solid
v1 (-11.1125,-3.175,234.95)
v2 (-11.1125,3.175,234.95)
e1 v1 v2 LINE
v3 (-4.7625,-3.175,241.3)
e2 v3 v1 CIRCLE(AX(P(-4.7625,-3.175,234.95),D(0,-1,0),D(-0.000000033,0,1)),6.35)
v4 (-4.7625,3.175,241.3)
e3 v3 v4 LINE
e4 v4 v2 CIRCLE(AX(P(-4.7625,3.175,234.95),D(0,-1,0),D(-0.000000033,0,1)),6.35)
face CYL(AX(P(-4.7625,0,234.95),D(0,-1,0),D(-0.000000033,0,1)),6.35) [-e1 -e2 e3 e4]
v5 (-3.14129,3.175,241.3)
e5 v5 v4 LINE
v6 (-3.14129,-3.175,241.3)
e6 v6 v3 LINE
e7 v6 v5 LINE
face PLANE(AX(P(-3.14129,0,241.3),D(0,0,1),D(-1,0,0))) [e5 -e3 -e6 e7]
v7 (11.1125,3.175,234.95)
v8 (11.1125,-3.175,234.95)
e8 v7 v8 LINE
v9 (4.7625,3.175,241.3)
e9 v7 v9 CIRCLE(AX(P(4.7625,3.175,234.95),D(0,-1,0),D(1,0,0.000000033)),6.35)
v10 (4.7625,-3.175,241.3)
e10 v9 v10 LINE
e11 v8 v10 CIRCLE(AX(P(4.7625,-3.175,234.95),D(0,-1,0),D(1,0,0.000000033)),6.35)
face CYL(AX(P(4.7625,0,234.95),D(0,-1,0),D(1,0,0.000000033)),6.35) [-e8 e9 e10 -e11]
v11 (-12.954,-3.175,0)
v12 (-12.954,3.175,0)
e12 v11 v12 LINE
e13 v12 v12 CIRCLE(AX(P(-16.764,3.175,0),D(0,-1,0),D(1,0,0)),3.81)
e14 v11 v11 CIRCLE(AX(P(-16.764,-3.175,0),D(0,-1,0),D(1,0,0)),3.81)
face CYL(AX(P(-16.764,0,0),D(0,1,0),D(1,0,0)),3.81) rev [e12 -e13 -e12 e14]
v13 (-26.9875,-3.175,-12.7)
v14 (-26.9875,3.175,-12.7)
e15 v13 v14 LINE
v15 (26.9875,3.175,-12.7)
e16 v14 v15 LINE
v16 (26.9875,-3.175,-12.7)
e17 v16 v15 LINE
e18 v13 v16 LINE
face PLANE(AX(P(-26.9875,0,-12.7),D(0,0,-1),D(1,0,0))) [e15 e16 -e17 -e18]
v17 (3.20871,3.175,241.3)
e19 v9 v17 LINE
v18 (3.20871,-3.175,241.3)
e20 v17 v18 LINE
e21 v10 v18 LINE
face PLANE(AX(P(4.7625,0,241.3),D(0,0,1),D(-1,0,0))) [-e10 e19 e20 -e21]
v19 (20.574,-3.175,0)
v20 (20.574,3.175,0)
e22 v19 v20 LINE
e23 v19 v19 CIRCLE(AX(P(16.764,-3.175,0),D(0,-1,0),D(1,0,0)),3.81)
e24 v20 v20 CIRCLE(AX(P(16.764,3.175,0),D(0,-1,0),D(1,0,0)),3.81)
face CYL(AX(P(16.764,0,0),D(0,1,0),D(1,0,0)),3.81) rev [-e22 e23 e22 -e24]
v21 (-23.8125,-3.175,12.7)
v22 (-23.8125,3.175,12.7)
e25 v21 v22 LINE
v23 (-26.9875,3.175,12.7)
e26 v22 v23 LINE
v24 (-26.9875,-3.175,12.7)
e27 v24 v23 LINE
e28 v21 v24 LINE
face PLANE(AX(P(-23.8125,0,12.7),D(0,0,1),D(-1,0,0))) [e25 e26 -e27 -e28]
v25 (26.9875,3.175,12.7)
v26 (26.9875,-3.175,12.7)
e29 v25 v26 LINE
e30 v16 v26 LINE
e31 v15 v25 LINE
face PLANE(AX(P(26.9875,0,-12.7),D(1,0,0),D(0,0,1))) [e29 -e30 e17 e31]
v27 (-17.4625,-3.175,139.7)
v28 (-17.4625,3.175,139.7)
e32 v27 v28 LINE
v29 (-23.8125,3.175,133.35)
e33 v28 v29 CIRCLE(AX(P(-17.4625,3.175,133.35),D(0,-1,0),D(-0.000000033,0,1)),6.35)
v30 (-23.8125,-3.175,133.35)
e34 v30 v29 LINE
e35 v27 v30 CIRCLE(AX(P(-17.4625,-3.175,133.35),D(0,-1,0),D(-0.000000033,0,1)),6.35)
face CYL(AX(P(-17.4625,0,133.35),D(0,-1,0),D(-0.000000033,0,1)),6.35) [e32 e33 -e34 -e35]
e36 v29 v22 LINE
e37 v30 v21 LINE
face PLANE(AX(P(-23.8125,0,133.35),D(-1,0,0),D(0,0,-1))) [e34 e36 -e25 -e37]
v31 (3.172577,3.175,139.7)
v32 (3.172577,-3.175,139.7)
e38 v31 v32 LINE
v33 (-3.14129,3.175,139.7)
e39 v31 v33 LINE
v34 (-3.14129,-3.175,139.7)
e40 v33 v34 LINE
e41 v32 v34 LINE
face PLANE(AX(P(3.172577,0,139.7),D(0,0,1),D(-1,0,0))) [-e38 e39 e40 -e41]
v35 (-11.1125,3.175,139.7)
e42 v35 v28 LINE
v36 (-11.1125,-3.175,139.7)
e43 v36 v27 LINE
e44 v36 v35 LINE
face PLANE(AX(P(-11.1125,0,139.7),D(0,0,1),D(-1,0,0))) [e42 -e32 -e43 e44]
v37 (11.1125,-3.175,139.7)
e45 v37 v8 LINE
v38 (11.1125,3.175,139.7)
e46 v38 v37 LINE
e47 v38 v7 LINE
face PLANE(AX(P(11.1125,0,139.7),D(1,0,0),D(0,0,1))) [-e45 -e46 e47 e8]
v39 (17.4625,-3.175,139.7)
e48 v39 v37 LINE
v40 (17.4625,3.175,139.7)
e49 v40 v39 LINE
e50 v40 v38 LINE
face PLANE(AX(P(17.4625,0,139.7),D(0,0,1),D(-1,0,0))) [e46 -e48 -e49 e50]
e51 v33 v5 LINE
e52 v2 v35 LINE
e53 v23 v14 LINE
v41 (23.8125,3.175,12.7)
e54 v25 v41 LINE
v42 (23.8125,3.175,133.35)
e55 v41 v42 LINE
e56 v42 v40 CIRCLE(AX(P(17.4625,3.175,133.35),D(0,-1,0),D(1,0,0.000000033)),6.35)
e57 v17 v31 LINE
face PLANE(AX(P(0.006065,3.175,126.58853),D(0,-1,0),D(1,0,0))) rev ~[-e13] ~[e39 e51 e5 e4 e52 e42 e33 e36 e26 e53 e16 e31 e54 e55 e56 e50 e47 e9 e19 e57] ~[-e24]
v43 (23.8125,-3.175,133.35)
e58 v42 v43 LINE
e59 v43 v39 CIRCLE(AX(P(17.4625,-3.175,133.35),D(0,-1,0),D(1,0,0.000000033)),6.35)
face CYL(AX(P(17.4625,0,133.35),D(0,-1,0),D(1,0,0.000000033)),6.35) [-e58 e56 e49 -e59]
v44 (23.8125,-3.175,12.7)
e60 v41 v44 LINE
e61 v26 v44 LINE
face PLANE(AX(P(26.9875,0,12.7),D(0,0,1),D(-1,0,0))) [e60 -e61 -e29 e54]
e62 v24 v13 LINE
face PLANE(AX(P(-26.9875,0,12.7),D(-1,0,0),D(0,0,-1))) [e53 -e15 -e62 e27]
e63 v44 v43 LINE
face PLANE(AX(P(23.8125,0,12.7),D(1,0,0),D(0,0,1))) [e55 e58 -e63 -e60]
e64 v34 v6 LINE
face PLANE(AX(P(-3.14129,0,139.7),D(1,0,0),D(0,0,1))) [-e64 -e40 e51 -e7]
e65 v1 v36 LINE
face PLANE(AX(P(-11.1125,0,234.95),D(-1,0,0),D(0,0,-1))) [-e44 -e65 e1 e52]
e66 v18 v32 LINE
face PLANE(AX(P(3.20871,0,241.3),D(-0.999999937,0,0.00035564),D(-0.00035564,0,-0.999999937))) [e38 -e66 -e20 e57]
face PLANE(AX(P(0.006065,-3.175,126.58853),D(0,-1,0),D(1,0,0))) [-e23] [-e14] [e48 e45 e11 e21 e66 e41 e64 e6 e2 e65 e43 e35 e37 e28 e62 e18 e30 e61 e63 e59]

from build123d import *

# Parameters (mm, degrees)
F0_R     = 3.81
F1_DEPTH = 3.175


with BuildPart() as f1:
    # F0 (on Front) → F1 (new body, symmetric)
    with BuildSketch(Plane.XZ):
        with BuildLine():
            Line((26.9875, -12.7), (26.9875, 12.7))
            Line((26.9875, 12.7), (23.8125, 12.7))
            Line((23.8125, 12.7), (23.8125, 133.35))
            ThreePointArc((23.8125, 133.35), (21.952628, 137.840128), (17.4625, 139.7))
            Line((17.4625, 139.7), (11.1125, 139.7))
            Line((11.1125, 139.7), (11.1125, 234.95))
            ThreePointArc((11.1125, 234.95), (9.252628, 239.440128), (4.7625, 241.3))
            Line((4.7625, 241.3), (3.20871, 241.3))
            Line((3.20871, 241.3), (3.172577, 139.7))
            Line((3.172577, 139.7), (-3.14129, 139.7))
            Line((-3.14129, 139.7), (-3.14129, 241.3))
            Line((-3.14129, 241.3), (-4.7625, 241.3))
            ThreePointArc((-4.7625, 241.3), (-9.252628, 239.440128), (-11.1125, 234.95))
            Line((-11.1125, 234.95), (-11.1125, 139.7))
            Line((-11.1125, 139.7), (-17.4625, 139.7))
            ThreePointArc((-17.4625, 139.7), (-21.952628, 137.840128), (-23.8125, 133.35))
            Line((-23.8125, 133.35), (-23.8125, 12.7))
            Line((-23.8125, 12.7), (-26.9875, 12.7))
            Line((-26.9875, 12.7), (-26.9875, -12.7))
            Line((-26.9875, -12.7), (-3.175, -12.7))
            Line((-3.175, -12.7), (0, -12.7))
            Line((0, -12.7), (26.9875, -12.7))
        make_face()
        with Locations((-16.764, 0)):
            Circle(F0_R, mode=Mode.SUBTRACT)
        with Locations((16.764, 0)):
            Circle(F0_R, mode=Mode.SUBTRACT)
    extrude(amount=F1_DEPTH, both=True)


solid = f1.part
